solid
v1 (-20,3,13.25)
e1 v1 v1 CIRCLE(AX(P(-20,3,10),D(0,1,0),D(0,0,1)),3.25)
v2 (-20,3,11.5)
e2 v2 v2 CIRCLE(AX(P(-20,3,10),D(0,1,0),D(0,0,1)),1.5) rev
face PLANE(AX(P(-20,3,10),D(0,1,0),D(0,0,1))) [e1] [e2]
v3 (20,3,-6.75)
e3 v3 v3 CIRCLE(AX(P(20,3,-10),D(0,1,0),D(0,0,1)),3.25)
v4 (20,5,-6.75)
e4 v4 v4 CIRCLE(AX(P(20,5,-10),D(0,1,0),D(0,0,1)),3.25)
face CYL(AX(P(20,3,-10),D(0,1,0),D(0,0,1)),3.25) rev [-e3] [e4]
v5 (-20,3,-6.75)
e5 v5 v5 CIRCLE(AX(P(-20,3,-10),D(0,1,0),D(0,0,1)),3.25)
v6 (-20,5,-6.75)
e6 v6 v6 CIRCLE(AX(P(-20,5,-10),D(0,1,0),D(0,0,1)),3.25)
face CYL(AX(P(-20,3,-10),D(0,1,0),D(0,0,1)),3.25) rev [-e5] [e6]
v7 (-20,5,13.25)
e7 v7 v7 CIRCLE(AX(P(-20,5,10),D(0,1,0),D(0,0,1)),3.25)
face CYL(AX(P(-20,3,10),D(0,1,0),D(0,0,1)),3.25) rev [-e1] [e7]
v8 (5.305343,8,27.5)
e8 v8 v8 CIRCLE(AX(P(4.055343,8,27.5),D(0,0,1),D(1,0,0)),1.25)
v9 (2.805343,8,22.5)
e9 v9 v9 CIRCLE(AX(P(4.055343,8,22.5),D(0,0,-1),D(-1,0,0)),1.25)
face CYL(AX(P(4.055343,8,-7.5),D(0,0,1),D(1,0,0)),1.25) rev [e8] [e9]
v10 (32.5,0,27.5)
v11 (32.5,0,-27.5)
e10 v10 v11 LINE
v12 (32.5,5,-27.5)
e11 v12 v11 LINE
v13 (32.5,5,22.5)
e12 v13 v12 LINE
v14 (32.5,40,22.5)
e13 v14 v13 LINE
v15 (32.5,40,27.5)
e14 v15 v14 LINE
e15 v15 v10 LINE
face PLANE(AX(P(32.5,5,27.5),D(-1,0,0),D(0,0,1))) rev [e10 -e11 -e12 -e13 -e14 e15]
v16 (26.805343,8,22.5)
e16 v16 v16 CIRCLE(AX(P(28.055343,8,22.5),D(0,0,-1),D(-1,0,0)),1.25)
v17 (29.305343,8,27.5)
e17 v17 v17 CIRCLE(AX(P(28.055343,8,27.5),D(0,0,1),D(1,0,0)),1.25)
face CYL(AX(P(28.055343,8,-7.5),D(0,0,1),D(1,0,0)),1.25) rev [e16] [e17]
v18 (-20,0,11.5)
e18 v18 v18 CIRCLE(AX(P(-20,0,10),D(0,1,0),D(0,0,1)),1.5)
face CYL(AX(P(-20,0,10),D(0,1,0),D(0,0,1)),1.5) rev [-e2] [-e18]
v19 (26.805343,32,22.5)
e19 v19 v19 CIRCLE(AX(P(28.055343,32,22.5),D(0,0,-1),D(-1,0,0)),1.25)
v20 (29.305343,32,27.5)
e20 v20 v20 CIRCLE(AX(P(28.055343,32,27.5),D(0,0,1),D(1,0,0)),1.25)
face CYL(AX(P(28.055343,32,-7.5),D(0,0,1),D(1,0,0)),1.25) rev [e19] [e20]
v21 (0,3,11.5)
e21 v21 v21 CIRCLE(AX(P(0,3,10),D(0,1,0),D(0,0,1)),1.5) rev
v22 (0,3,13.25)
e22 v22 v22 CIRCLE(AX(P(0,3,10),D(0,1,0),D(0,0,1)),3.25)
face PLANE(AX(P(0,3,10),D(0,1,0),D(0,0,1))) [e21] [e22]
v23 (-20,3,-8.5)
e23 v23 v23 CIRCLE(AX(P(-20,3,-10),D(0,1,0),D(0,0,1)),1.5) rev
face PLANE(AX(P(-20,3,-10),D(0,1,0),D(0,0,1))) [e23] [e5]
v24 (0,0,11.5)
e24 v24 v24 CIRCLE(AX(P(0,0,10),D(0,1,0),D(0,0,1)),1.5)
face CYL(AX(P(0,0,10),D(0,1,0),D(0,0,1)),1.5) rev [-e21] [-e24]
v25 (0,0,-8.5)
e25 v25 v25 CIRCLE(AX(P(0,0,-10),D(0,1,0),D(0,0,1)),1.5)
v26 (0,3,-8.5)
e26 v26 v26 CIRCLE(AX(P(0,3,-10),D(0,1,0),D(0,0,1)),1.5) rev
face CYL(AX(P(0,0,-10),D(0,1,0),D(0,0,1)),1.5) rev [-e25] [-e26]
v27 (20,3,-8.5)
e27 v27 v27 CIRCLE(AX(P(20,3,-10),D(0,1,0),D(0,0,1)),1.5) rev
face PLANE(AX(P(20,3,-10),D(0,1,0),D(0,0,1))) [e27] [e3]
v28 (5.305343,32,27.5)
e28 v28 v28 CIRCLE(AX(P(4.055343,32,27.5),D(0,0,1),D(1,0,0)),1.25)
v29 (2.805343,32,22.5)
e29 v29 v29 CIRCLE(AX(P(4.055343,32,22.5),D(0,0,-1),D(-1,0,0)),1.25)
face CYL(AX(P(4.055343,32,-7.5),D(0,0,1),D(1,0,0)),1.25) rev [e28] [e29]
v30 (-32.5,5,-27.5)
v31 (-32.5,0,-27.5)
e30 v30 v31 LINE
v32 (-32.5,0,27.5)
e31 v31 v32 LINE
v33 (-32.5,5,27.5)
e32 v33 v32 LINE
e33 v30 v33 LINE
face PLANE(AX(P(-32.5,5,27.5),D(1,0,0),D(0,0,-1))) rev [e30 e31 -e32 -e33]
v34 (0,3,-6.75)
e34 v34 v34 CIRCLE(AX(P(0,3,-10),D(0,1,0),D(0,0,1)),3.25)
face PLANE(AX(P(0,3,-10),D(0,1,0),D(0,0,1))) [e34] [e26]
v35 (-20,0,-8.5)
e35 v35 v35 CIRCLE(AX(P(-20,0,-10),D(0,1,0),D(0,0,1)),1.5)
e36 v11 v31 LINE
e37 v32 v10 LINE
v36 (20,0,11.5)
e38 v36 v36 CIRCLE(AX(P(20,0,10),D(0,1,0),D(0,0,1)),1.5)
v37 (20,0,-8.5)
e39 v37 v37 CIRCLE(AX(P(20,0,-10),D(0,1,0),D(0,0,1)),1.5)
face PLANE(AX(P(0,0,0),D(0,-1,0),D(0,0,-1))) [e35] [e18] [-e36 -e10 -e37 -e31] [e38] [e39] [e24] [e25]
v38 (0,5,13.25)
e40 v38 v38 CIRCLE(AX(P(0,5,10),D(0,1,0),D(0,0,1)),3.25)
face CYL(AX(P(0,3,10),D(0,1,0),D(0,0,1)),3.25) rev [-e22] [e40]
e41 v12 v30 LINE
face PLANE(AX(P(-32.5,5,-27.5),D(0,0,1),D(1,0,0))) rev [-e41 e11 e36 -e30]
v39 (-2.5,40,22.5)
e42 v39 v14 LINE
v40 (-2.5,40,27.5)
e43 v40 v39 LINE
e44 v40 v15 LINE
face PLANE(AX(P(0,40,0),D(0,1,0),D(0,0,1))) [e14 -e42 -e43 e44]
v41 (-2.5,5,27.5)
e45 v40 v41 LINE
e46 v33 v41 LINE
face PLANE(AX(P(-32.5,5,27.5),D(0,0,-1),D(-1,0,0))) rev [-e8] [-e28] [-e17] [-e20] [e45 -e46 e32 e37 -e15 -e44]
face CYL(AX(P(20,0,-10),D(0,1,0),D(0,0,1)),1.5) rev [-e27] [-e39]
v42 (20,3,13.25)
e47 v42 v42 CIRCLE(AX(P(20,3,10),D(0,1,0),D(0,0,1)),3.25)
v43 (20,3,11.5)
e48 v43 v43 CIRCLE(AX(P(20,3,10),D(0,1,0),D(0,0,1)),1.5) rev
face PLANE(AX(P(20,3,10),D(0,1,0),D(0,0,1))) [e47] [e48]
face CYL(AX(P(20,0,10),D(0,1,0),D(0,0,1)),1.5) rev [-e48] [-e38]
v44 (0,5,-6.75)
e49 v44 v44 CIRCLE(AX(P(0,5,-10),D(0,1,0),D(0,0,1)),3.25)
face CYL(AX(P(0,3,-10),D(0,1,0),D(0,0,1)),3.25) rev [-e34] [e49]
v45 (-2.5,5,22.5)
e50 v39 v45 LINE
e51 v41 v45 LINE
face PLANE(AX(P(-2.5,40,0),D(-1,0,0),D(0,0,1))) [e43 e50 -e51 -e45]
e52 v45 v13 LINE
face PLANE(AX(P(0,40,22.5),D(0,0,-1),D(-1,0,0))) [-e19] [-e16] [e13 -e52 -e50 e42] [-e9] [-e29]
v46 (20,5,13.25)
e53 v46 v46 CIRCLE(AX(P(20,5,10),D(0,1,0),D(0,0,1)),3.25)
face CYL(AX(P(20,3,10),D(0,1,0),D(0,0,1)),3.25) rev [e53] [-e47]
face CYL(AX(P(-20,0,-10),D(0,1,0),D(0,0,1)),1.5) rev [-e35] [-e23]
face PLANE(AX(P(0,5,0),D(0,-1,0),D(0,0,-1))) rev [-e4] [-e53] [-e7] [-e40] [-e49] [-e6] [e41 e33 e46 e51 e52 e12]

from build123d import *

# Parameters (mm, degrees)
SKETCH1_W            = 65
SKETCH1_H            = 55
BOSS_EXTRUDE1_DEPTH  = 5
SKETCH2_R            = 1.5
CUT_EXTRUDE1_DEPTH   = 5
SKETCH3_R            = 3.25
CUT_EXTRUDE2_DEPTH   = 2
LPATTERN1_COUNT      = 2
LPATTERN1_PITCH      = 20
LPATTERN1_COUNT_DIR2 = 3
LPATTERN1_PITCH_DIR2 = 20
SKETCH5_W            = 35
SKETCH5_H            = 5
BOSS_EXTRUDE2_DEPTH  = 35
SKETCH6_R            = 1.25
CUT_EXTRUDE3_DEPTH   = 35


with BuildPart() as part:
    # Sketch1 → Boss-Extrude1 (new body)
    with BuildSketch(Plane(origin=(0, 0, 0), x_dir=(1, 0, 0), z_dir=(0, 1, 0))):
        Rectangle(SKETCH1_W, SKETCH1_H)
    extrude(amount=BOSS_EXTRUDE1_DEPTH)

    # Sketch2 → Cut-Extrude1 (cut)
    with BuildSketch(Plane(origin=(0, 5, 0), x_dir=(1, 0, 0), z_dir=(0, 1, 0))):
        with Locations(Location((-20, 10, 0), (0, 0, 270))):
            Circle(SKETCH2_R)
        with Locations(Location((0, 10, 0), (0, 0, 270))):
            Circle(SKETCH2_R)
        with Locations(Location((20, 10, 0), (0, 0, 270))):
            Circle(SKETCH2_R)
        with Locations(Location((-20, -10, 0), (0, 0, 270))):
            Circle(SKETCH2_R)
        with Locations(Location((0, -10, 0), (0, 0, 270))):
            Circle(SKETCH2_R)
        with Locations(Location((20, -10, 0), (0, 0, 270))):
            Circle(SKETCH2_R)
    extrude(amount=-CUT_EXTRUDE1_DEPTH, mode=Mode.SUBTRACT)

    # Sketch3 → Cut-Extrude2 (cut)
    with BuildSketch(Plane(origin=(0, 5, 0), x_dir=(1, 0, 0), z_dir=(0, 1, 0))):
        with Locations(Location((-20, 10, 0), (0, 0, 270))):
            Circle(SKETCH3_R)
    cut_extrude2 = extrude(amount=-CUT_EXTRUDE2_DEPTH, mode=Mode.SUBTRACT)

    # LPattern1: Cut-Extrude2 2 × 3
    with Locations(*[(j * LPATTERN1_PITCH_DIR2, 0, i * LPATTERN1_PITCH) for i in range(LPATTERN1_COUNT) for j in range(LPATTERN1_COUNT_DIR2) if (i, j) != (0, 0)]):
        add(cut_extrude2, mode=Mode.SUBTRACT)

    # Sketch5 → Boss-Extrude2 (add)
    with BuildSketch(Plane(origin=(0, 5, 0), x_dir=(1, 0, 0), z_dir=(0, 1, 0))):
        with Locations((15, -25)):
            Rectangle(SKETCH5_W, SKETCH5_H)
    extrude(amount=BOSS_EXTRUDE2_DEPTH)

    # Sketch6 → Cut-Extrude3 (cut)
    with BuildSketch(Plane.XY.offset(27.5)):
        with Locations((4.055342901, 32)):
            Circle(SKETCH6_R)
        with Locations((4.055342901, 8)):
            Circle(SKETCH6_R)
        with Locations((28.055342901, 32)):
            Circle(SKETCH6_R)
        with Locations((28.055342901, 8)):
            Circle(SKETCH6_R)
    extrude(amount=-CUT_EXTRUDE3_DEPTH, mode=Mode.SUBTRACT)


solid = part.part
